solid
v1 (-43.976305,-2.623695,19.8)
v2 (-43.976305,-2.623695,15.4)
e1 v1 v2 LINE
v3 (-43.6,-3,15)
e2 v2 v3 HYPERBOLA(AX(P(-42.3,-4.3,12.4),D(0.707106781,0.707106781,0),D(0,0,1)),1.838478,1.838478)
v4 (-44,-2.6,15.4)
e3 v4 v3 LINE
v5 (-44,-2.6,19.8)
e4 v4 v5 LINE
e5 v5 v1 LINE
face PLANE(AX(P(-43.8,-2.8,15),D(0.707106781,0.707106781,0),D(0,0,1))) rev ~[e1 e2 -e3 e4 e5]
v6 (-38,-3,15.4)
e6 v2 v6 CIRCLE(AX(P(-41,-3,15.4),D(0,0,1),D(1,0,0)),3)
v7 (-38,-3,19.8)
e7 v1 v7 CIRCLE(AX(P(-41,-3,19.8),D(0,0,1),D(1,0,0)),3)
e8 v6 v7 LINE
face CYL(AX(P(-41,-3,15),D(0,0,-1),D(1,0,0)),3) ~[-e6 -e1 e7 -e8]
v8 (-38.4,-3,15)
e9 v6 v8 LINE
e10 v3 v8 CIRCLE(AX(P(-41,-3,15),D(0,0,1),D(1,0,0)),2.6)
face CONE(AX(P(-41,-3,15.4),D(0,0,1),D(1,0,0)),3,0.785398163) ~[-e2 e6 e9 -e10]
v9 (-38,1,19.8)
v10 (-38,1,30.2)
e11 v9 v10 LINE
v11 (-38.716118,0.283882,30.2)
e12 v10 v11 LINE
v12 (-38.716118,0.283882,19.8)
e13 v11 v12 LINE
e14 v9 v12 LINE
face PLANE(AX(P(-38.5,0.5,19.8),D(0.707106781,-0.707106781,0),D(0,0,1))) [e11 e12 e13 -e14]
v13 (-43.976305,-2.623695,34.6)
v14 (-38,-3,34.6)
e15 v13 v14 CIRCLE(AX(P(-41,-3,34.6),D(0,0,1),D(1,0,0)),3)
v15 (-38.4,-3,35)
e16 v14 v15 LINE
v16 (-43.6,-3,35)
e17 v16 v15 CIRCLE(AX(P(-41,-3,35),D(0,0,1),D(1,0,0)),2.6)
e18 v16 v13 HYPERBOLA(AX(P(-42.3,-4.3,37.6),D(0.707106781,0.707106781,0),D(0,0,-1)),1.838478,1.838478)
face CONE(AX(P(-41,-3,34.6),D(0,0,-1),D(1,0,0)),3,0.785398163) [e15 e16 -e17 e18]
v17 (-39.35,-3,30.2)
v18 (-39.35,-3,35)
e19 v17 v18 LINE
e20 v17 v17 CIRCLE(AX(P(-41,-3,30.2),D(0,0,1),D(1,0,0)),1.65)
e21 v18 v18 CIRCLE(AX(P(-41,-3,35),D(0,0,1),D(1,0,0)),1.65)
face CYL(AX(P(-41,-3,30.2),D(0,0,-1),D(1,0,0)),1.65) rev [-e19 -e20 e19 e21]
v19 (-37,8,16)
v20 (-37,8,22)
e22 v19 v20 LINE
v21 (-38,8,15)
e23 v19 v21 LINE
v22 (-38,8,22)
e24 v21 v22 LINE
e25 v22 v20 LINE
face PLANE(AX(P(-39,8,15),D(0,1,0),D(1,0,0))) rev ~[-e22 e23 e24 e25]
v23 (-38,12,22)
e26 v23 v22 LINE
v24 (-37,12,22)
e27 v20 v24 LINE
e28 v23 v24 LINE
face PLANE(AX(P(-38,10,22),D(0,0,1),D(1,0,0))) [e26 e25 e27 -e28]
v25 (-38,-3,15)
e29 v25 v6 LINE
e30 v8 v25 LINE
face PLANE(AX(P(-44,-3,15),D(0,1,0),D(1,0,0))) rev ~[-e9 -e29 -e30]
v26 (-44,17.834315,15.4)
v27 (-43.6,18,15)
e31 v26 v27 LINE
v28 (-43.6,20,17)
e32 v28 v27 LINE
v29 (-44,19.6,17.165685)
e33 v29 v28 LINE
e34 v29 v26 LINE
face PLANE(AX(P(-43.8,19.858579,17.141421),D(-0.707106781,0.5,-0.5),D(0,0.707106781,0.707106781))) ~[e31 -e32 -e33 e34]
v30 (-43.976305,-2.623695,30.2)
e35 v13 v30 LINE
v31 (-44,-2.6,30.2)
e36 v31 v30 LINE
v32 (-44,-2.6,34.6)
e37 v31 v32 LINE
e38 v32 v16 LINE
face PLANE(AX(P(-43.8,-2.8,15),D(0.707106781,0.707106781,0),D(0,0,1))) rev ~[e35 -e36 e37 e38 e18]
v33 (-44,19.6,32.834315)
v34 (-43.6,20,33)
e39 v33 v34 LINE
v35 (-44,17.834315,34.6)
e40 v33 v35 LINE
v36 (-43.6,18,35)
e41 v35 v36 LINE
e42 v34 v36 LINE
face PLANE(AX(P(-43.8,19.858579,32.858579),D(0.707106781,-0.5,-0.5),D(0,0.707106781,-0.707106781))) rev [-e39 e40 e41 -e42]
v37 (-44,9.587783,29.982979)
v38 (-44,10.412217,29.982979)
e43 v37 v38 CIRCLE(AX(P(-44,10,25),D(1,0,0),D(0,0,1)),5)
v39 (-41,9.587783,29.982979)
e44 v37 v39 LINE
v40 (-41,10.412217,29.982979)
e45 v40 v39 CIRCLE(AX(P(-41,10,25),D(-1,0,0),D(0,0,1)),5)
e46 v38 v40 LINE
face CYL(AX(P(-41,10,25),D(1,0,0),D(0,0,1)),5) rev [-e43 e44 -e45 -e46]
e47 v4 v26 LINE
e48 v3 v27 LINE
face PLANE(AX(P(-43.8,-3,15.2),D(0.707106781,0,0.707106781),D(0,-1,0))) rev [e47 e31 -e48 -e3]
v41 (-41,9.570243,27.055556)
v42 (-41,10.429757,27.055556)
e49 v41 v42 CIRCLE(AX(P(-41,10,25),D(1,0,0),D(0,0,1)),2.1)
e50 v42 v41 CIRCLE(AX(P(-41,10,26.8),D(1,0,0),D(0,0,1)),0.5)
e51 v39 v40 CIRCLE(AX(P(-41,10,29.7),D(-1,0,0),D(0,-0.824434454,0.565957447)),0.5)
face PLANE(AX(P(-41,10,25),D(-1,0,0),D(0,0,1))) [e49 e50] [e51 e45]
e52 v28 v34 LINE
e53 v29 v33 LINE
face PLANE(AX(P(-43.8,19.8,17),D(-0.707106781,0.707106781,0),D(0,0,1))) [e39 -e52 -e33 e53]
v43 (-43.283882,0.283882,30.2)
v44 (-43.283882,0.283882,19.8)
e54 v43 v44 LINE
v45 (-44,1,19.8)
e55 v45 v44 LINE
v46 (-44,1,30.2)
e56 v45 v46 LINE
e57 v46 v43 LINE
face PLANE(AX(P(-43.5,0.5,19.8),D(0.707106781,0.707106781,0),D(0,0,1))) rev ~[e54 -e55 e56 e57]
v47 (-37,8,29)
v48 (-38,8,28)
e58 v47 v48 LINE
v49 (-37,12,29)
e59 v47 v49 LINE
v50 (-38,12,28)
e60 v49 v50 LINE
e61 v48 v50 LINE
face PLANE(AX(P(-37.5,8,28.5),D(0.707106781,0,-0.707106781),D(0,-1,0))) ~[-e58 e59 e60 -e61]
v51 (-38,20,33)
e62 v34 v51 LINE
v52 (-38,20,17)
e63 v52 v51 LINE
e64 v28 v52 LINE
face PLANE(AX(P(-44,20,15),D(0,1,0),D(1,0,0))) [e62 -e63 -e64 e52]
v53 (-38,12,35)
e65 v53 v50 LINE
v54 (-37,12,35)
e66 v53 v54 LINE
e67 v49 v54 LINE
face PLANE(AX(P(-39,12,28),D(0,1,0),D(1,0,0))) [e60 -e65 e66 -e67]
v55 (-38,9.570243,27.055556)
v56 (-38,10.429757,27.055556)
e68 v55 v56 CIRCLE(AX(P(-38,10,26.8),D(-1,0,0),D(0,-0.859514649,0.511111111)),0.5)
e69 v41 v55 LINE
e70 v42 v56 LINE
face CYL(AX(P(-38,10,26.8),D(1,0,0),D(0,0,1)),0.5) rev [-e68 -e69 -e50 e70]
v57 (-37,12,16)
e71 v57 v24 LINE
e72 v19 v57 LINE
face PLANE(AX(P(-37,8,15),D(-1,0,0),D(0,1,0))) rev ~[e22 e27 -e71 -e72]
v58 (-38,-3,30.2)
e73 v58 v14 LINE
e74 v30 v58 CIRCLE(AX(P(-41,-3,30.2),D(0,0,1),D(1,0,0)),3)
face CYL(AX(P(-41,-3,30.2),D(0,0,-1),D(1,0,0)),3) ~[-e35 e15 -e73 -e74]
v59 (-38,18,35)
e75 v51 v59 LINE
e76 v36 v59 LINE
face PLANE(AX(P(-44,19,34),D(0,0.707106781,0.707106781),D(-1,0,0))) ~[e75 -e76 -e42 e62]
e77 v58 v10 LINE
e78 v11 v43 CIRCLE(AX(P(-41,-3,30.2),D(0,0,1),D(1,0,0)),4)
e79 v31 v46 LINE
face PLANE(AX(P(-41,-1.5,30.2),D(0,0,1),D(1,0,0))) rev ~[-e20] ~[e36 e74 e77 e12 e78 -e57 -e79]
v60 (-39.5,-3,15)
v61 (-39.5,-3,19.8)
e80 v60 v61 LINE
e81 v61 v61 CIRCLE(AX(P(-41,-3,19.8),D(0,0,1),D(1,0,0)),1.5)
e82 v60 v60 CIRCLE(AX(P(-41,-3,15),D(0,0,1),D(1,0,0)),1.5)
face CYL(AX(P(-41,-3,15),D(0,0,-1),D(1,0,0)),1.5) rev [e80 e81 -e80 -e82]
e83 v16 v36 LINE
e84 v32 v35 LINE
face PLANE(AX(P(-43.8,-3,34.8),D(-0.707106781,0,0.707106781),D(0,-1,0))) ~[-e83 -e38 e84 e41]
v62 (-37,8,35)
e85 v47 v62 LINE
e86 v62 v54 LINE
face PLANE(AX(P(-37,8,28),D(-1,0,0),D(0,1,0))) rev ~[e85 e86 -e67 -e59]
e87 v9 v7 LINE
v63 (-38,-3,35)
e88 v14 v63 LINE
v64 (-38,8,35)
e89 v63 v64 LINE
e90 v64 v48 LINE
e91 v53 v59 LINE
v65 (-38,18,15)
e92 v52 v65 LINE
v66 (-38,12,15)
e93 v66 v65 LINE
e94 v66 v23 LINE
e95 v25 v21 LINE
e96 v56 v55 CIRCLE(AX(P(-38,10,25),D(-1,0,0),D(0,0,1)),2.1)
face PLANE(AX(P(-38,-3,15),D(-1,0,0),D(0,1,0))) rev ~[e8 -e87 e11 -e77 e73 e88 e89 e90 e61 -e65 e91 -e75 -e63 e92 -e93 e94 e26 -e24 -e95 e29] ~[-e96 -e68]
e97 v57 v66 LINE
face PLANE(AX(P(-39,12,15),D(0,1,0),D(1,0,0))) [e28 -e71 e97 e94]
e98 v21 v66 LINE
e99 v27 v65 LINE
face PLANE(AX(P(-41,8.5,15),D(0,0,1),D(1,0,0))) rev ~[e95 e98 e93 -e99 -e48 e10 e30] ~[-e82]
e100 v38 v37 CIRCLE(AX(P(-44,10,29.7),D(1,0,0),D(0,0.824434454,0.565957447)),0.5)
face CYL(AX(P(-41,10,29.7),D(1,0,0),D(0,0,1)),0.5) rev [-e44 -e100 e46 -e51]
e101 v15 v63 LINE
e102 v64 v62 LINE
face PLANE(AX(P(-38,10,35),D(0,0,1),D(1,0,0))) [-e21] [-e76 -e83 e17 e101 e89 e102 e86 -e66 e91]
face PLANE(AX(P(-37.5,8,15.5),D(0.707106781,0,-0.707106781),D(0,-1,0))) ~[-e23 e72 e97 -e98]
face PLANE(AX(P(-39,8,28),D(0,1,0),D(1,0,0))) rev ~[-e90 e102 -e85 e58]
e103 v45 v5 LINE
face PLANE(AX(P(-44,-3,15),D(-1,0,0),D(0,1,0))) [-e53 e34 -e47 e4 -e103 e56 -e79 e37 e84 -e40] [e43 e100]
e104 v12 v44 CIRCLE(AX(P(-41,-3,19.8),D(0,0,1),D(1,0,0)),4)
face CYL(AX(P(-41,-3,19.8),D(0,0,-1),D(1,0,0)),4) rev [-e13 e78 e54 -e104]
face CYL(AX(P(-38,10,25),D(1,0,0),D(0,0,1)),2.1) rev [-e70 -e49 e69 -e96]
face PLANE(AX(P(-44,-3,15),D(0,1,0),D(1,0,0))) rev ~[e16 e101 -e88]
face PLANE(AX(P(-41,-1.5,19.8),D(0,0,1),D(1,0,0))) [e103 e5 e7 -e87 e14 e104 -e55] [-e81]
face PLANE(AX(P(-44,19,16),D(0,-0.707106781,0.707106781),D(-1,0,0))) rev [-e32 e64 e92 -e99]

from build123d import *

# Parameters (mm, degrees)
CYLINDER018_R     = 1.5
CYLINDER018_DEPTH = 4.8
CYLINDER017_R     = 2
CYLINDER017_DEPTH = 4.8
CYLINDER016_R     = 4
CYLINDER016_DEPTH = 10.4
CYLINDER012_R     = 0.5
CYLINDER012_DEPTH = 10
CYLINDER013_R     = 5
CYLINDER013_DEPTH = 10
CYLINDER011_R     = 0.5
CYLINDER011_DEPTH = 10
CYLINDER010_R     = 2.1
CYLINDER010_DEPTH = 10
CYLINDER008_R     = 1.65
CYLINDER008_DEPTH = 4.8
CYLINDER009_R     = 1.65
CYLINDER009_DEPTH = 4.8
CYLINDER007_R     = 3
CYLINDER007_DEPTH = 4.8
CHAMFER005_SIZE   = 0.4
CYLINDER006_R     = 3
CYLINDER006_DEPTH = 4.8
CHAMFER006_SIZE   = 0.4
BOX009_W          = 6
BOX009_H          = 3
BOX009_DEPTH      = 10.4
BOX008_W          = 6
BOX008_H          = 23
BOX008_DEPTH      = 20
CHAMFER003_SIZE   = 2
CHAMFER004_SIZE   = 0.4
CHAMFER007_SIZE   = 1
BOX011_W          = 2
BOX011_H          = 4
BOX011_DEPTH      = 7
CHAMFER008_SIZE   = 1
BOX010_W          = 2
BOX010_H          = 4
BOX010_DEPTH      = 7
CHAMFER009_SIZE   = 1


with BuildPart() as cylinder018:
    # Cylinder018 → Cylinder018 (new body)
    with BuildSketch(Plane(origin=(-3, -3, 0), x_dir=(1, 0, 0), z_dir=(0, 0, 1))):
        Circle(CYLINDER018_R)
    extrude(amount=CYLINDER018_DEPTH)


with BuildPart() as cut011:
    # Cylinder017 → Cylinder017 (new body)
    with BuildSketch(Plane(origin=(-3, -3, 0), x_dir=(1, 0, 0), z_dir=(0, 0, 1))):
        Circle(CYLINDER017_R)
    extrude(amount=CYLINDER017_DEPTH)

    # Cut011: cut Cylinder018
    add(cylinder018.part, mode=Mode.SUBTRACT)


with BuildPart() as cylinder016:
    # Cylinder016 → Cylinder016 (new body)
    with BuildSketch(Plane(origin=(-3, -3, 4.8), x_dir=(1, 0, 0), z_dir=(0, 0, 1))):
        Circle(CYLINDER016_R)
    extrude(amount=CYLINDER016_DEPTH)


with BuildPart() as cylinder012:
    # Cylinder012 → Cylinder012 (new body)
    with BuildSketch(Plane(origin=(-3, 10, 14.7), x_dir=(0, 0, 1), z_dir=(-1, 0, 0))):
        Circle(CYLINDER012_R)
    extrude(amount=CYLINDER012_DEPTH)


with BuildPart() as cylinder013:
    # Cylinder013 → Cylinder013 (new body)
    with BuildSketch(Plane(origin=(-3, 10, 10), x_dir=(0, 0, 1), z_dir=(-1, 0, 0))):
        Circle(CYLINDER013_R)
    extrude(amount=CYLINDER013_DEPTH)


with BuildPart() as cylinder011:
    # Cylinder011 → Cylinder011 (new body)
    with BuildSketch(Plane(origin=(0, 10, 11.8), x_dir=(0, 0, 1), z_dir=(-1, 0, 0))):
        Circle(CYLINDER011_R)
    extrude(amount=CYLINDER011_DEPTH)


with BuildPart() as cylinder010:
    # Cylinder010 → Cylinder010 (new body)
    with BuildSketch(Plane(origin=(0, 10, 10), x_dir=(0, 0, 1), z_dir=(-1, 0, 0))):
        Circle(CYLINDER010_R)
    extrude(amount=CYLINDER010_DEPTH)


with BuildPart() as cylinder008:
    # Cylinder008 → Cylinder008 (new body)
    with BuildSketch(Plane(origin=(-3, -3, 15.2), x_dir=(1, 0, 0), z_dir=(0, 0, 1))):
        Circle(CYLINDER008_R)
    extrude(amount=CYLINDER008_DEPTH)


with BuildPart() as fusion004:
    # Cylinder009 → Cylinder009 (new body)
    with BuildSketch(Plane(origin=(-3, -3, 0), x_dir=(1, 0, 0), z_dir=(0, 0, 1))):
        Circle(CYLINDER009_R)
    extrude(amount=CYLINDER009_DEPTH)

    # Fusion004: union Cylinder008
    add(cylinder008.part)


with BuildPart() as chamfer005:
    # Cylinder007 → Cylinder007 (new body)
    with BuildSketch(Plane(origin=(-3, -3, 15.2), x_dir=(1, 0, 0), z_dir=(0, 0, 1))):
        Circle(CYLINDER007_R)
    extrude(amount=CYLINDER007_DEPTH)

    # Chamfer005
    chamfer005_edges = [chamfer005.edges().sort_by_distance(p)[0] for p in [
        (-6, -3, 20),
    ]]
    chamfer(chamfer005_edges, length=CHAMFER005_SIZE)


with BuildPart() as chamfer006:
    # Cylinder006 → Cylinder006 (new body)
    with BuildSketch(Plane(origin=(-3, -3, 0), x_dir=(1, 0, 0), z_dir=(0, 0, 1))):
        Circle(CYLINDER006_R)
    extrude(amount=CYLINDER006_DEPTH)

    # Chamfer006
    chamfer006_edges = [chamfer006.edges().sort_by_distance(p)[0] for p in [
        (-6, -3, 0),
    ]]
    chamfer(chamfer006_edges, length=CHAMFER006_SIZE)


with BuildPart() as cube006:
    # Box009 → Box009 (new body)
    with BuildSketch(Plane(origin=(-6, -3, 4.8), x_dir=(1, 0, 0), z_dir=(0, 0, 1))):
        with Locations((3, 1.5)):
            Rectangle(BOX009_W, BOX009_H)
    extrude(amount=BOX009_DEPTH)


with BuildPart() as cut009:
    # Box008 → Box008 (new body)
    with BuildSketch(Plane(origin=(-6, -3, 0), x_dir=(1, 0, 0), z_dir=(0, 0, 1))):
        with Locations((3, 11.5)):
            Rectangle(BOX008_W, BOX008_H)
    extrude(amount=BOX008_DEPTH)

    # Chamfer003
    chamfer003_edges = [cut009.edges().sort_by_distance(p)[0] for p in [
        (-3, 20, 0),
        (-3, 20, 20),
    ]]
    chamfer(chamfer003_edges, length=CHAMFER003_SIZE)

    # Chamfer004
    chamfer004_edges = [cut009.edges().sort_by_distance(p)[0] for p in [
        (-6, 7.5, 20),
        (-6, 19, 19),
        (-6, -3, 10),
        (-6, 20, 10),
        (-6, 7.5, 0),
        (-6, 19, 1),
    ]]
    chamfer(chamfer004_edges, length=CHAMFER004_SIZE)

    # Cut004: cut Cube006
    add(cube006.part, mode=Mode.SUBTRACT)

    # Fusion005: union Chamfer005, Chamfer006
    add(chamfer005.part)
    add(chamfer006.part)

    # Cut005: cut Fusion004
    add(fusion004.part, mode=Mode.SUBTRACT)

    # Chamfer007
    chamfer007_edges = [cut009.edges().sort_by_distance(p)[0] for p in [
        (-6, 0, 10),
        (0, 0, 10),
    ]]
    chamfer(chamfer007_edges, length=CHAMFER007_SIZE)

    # Cut006: cut Cylinder010
    add(cylinder010.part, mode=Mode.SUBTRACT)

    # Cut007: cut Cylinder011
    add(cylinder011.part, mode=Mode.SUBTRACT)

    # Cut008: cut Cylinder013
    add(cylinder013.part, mode=Mode.SUBTRACT)

    # Cut009: cut Cylinder012
    add(cylinder012.part, mode=Mode.SUBTRACT)


with BuildPart() as chamfer008:
    # Box011 → Box011 (new body)
    with BuildSketch(Plane(origin=(-1, 8, 13), x_dir=(1, 0, 0), z_dir=(0, 0, 1))):
        with Locations((1, 2)):
            Rectangle(BOX011_W, BOX011_H)
    extrude(amount=BOX011_DEPTH)

    # Chamfer008
    chamfer008_edges = [chamfer008.edges().sort_by_distance(p)[0] for p in [
        (1, 10, 13),
    ]]
    chamfer(chamfer008_edges, length=CHAMFER008_SIZE)


with BuildPart() as base:
    # Box010 → Box010 (new body)
    with BuildSketch(Plane(origin=(-1, 8, 0), x_dir=(1, 0, 0), z_dir=(0, 0, 1))):
        with Locations((1, 2)):
            Rectangle(BOX010_W, BOX010_H)
    extrude(amount=BOX010_DEPTH)

    # Chamfer009
    chamfer009_edges = [base.edges().sort_by_distance(p)[0] for p in [
        (1, 10, 0),
    ]]
    chamfer(chamfer009_edges, length=CHAMFER009_SIZE)

    # Fusion006: union Cut009, Chamfer008
    add(cut009.part)
    add(chamfer008.part)

    # Cut010: cut Cylinder016
    add(cylinder016.part, mode=Mode.SUBTRACT)

    # Fusion007: union Cut011
    add(cut011.part)


with BuildPart() as base_1:
    # Fusion007 placement: moved
    add(base.part.moved(Location((-38, 0, 15))))


solid = base_1.part
